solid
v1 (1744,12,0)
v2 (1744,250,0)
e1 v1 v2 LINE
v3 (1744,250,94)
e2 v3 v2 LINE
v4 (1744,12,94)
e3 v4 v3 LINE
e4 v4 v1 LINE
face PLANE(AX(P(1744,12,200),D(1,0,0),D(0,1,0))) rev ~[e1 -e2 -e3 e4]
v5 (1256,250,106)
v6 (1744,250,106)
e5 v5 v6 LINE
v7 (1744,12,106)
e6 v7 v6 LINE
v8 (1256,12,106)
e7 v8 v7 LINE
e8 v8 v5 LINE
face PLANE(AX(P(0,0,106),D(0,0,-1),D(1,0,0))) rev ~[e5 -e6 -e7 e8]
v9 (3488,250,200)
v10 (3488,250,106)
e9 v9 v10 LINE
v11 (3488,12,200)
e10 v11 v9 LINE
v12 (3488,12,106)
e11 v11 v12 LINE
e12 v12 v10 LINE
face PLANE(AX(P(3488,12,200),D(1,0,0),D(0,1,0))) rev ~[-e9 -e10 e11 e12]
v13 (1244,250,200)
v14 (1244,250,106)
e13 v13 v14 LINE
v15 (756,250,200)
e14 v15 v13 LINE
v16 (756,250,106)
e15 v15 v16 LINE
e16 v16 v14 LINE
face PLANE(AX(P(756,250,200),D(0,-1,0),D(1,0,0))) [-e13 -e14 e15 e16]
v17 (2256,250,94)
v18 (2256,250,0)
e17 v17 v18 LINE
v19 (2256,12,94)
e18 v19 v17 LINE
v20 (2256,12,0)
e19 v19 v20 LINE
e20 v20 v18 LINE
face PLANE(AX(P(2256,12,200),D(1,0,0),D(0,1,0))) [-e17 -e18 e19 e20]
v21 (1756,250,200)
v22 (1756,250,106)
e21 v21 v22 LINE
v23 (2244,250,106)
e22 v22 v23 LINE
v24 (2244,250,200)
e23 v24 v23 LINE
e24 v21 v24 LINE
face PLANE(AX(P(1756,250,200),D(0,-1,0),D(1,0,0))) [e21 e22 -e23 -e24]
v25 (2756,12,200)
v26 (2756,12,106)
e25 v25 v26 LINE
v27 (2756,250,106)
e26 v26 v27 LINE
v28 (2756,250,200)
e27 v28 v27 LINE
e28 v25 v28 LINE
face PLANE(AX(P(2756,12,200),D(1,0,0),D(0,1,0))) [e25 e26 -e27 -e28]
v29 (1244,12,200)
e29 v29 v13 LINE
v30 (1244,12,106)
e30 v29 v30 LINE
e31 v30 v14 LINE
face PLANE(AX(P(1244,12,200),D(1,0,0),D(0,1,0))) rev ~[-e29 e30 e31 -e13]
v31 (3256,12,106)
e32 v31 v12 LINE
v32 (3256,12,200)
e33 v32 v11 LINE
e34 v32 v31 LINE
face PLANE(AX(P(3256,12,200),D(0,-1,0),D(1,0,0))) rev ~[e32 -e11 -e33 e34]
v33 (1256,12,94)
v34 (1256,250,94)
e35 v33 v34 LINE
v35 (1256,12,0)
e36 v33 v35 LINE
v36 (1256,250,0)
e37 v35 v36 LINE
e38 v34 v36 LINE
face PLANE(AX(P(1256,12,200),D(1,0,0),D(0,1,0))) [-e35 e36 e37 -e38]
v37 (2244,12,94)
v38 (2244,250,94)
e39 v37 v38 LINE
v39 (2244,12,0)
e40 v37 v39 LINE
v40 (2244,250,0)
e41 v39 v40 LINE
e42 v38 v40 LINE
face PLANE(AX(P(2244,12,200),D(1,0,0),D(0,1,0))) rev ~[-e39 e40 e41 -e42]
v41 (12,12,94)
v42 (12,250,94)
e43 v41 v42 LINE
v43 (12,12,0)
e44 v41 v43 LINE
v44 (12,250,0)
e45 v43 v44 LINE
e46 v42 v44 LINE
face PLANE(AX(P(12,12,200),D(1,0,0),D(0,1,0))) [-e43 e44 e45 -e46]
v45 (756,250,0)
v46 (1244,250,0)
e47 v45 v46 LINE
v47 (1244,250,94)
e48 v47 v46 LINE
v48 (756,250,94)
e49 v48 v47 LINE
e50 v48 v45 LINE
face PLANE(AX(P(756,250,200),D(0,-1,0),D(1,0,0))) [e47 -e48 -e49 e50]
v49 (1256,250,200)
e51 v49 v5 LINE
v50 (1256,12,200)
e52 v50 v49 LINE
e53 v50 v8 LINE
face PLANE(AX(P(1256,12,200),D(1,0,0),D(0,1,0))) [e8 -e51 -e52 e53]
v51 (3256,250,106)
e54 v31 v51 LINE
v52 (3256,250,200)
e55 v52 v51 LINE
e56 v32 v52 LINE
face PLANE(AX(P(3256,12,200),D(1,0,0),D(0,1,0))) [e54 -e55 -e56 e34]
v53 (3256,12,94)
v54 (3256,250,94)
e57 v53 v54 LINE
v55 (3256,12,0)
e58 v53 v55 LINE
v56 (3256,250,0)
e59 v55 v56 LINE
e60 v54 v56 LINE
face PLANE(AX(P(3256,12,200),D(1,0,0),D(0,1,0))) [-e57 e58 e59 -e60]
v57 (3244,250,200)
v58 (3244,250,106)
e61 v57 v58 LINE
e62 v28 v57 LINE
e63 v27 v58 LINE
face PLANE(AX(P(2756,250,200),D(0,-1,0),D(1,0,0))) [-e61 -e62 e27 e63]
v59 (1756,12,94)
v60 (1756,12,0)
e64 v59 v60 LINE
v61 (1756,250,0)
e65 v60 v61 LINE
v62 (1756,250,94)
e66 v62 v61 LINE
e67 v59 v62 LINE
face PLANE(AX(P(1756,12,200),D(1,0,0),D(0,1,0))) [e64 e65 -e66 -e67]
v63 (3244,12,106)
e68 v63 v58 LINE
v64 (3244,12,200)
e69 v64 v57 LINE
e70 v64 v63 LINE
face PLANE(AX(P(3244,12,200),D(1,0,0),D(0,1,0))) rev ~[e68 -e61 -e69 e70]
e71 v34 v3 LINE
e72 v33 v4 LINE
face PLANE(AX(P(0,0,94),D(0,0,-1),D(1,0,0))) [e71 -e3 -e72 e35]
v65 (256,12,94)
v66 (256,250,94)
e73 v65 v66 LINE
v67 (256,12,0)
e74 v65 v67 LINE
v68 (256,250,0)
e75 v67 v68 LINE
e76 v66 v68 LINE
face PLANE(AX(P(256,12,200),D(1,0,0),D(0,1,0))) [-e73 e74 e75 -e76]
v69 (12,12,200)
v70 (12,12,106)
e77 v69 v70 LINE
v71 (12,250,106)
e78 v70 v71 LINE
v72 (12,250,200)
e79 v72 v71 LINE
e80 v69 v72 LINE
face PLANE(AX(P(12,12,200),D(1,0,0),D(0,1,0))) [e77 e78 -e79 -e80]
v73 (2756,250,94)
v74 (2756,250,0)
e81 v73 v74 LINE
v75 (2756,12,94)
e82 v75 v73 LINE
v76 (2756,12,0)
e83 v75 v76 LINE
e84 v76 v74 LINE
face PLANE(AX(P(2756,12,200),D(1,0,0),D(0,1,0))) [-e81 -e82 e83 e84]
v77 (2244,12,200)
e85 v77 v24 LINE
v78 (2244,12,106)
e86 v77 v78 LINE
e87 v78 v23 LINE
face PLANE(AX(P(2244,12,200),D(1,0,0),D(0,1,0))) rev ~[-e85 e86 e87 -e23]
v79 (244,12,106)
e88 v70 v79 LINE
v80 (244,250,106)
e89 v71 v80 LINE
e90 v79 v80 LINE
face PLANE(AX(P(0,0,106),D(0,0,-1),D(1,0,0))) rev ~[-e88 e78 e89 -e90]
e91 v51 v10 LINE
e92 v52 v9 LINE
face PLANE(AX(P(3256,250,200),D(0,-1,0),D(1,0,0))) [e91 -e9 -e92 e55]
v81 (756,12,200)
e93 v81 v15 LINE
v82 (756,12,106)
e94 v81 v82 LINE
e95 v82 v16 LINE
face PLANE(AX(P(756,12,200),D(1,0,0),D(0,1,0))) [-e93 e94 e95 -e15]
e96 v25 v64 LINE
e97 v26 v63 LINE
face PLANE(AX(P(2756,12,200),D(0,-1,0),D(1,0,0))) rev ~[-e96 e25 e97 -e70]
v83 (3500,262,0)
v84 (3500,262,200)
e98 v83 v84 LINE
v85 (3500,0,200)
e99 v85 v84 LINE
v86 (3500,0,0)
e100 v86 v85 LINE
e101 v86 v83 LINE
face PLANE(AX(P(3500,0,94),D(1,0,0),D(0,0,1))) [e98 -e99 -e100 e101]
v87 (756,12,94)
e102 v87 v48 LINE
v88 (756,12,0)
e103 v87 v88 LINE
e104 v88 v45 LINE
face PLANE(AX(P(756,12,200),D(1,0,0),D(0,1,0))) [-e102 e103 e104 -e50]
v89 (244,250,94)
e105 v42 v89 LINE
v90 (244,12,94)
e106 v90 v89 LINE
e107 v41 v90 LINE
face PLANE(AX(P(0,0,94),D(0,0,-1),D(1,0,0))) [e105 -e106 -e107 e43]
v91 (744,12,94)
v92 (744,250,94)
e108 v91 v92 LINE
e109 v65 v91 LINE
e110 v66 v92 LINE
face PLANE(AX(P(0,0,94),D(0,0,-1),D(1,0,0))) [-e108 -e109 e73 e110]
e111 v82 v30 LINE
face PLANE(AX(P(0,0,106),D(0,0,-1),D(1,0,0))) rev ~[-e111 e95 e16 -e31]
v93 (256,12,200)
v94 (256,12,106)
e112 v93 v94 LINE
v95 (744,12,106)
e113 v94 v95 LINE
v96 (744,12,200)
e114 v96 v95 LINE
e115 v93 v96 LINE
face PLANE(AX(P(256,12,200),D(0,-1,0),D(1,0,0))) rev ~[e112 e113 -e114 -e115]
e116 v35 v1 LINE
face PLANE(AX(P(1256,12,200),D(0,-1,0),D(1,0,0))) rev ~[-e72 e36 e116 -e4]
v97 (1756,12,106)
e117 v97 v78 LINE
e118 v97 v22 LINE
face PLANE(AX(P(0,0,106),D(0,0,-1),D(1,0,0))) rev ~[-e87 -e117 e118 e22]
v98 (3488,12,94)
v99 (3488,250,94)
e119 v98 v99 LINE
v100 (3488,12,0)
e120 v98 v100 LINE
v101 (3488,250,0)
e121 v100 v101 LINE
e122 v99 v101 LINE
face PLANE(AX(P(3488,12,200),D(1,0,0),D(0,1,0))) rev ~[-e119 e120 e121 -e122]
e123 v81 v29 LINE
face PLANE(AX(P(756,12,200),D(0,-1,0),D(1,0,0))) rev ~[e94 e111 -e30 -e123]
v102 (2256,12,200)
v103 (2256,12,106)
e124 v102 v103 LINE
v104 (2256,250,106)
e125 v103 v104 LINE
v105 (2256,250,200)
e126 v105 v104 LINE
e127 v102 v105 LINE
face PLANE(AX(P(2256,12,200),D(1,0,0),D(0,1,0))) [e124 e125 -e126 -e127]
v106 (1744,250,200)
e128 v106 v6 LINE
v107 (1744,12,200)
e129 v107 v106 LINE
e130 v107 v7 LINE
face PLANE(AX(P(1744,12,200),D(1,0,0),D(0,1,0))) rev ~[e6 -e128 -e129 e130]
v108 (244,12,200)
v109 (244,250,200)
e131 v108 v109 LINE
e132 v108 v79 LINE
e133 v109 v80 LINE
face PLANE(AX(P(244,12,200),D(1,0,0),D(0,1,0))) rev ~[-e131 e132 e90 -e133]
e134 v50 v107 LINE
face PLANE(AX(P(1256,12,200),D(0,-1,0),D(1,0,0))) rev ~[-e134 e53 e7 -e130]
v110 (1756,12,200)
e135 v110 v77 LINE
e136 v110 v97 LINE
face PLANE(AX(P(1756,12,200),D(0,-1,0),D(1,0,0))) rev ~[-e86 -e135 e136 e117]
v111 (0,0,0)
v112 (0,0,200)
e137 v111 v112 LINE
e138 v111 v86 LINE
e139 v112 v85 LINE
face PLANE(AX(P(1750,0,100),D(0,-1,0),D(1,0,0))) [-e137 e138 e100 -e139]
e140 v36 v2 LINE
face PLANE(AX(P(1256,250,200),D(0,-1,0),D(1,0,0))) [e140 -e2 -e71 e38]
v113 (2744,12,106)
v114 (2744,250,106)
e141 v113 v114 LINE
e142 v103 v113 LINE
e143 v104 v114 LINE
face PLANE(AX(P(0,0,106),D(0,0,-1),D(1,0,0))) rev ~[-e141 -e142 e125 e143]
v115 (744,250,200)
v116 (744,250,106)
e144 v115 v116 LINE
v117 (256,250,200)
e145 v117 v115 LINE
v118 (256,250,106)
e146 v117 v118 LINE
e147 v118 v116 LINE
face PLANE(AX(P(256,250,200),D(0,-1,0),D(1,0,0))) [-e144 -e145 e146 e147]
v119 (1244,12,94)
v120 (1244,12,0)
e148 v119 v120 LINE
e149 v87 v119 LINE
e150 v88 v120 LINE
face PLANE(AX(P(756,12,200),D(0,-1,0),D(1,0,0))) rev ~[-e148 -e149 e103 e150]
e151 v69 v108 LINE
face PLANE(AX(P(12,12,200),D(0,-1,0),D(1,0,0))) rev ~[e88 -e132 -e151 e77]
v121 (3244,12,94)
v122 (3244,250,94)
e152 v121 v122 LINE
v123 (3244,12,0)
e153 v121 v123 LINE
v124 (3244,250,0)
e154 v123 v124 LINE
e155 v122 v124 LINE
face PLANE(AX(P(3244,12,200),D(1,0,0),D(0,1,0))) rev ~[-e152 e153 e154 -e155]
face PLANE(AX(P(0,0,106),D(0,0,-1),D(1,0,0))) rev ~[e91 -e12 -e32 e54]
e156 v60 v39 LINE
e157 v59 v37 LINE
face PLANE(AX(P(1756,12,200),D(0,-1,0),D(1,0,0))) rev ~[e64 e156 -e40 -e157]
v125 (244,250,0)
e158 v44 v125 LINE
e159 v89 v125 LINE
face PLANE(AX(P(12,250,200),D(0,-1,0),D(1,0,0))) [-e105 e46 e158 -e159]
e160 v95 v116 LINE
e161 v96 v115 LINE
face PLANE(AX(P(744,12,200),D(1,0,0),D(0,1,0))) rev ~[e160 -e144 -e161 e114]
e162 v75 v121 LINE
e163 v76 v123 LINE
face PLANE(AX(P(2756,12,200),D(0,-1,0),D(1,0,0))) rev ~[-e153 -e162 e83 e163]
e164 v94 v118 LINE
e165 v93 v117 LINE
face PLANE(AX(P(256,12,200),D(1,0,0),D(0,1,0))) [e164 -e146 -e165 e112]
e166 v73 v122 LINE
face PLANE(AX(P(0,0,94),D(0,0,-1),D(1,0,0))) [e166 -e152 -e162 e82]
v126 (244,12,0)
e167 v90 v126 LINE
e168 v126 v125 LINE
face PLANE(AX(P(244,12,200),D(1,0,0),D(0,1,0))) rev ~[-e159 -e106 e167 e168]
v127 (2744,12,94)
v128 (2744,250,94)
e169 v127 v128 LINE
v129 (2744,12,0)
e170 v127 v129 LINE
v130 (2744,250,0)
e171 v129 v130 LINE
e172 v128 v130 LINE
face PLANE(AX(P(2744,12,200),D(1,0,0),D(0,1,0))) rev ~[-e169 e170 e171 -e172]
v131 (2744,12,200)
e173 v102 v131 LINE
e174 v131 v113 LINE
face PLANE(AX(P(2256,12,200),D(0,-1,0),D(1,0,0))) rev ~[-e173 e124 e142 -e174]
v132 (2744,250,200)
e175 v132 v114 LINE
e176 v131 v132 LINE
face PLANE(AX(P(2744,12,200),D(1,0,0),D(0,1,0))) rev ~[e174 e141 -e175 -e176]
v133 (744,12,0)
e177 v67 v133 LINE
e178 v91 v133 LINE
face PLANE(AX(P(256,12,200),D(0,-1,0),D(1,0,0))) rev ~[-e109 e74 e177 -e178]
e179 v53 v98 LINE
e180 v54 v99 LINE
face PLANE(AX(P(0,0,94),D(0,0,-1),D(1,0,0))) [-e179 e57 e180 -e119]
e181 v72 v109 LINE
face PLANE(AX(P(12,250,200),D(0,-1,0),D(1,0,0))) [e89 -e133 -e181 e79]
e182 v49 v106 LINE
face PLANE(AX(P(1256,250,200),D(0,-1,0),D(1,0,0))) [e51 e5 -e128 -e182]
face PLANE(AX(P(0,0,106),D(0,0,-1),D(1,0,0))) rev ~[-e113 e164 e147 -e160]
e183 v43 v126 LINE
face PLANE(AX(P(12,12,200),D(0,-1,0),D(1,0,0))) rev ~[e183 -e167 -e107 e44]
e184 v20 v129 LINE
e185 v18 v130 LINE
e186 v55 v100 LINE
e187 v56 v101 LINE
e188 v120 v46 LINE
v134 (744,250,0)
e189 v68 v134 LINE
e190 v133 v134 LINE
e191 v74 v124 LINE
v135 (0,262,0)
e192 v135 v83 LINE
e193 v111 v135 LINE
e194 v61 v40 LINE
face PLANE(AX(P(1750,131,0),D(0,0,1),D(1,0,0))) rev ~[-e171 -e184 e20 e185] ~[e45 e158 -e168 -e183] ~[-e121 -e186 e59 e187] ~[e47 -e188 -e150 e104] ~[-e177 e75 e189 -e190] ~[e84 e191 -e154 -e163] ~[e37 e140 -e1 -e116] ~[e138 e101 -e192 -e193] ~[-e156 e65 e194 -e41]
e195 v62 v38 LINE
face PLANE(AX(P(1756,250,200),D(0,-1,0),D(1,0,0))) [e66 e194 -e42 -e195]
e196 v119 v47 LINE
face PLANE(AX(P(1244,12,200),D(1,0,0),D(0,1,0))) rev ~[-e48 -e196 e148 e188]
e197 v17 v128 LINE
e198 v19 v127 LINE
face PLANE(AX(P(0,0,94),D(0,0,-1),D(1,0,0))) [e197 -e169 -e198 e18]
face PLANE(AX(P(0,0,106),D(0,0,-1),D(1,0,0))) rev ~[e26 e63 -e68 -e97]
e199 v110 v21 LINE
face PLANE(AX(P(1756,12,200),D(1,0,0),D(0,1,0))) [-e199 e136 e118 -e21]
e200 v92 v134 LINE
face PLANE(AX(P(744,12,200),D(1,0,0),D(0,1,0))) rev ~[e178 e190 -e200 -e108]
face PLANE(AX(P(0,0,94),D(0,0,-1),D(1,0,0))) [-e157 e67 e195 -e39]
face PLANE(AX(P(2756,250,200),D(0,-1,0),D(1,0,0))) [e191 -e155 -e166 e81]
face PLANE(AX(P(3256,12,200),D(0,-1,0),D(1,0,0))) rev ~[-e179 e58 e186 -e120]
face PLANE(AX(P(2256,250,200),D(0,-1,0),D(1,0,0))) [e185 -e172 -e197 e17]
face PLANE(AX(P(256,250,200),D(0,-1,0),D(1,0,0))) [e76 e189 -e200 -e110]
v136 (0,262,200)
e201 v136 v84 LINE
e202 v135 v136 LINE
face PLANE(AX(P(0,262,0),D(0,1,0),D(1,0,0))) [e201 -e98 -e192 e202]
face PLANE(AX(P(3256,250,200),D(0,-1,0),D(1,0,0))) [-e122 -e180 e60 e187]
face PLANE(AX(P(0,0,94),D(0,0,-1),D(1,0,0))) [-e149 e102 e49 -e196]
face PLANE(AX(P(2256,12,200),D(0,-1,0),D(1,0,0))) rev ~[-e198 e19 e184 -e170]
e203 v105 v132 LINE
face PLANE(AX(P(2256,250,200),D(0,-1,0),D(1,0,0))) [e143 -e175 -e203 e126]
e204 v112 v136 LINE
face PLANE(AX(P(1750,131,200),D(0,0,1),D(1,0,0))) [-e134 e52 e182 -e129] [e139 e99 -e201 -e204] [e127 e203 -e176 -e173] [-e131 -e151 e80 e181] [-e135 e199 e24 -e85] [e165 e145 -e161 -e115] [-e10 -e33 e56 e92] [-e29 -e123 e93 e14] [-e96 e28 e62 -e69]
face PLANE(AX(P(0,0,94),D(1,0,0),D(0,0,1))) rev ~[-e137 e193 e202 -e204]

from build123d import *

# Parameters (mm, degrees)
SKETCH_1_W           = 3500
SKETCH_1_H           = 262
EXTRUDE_1_DEPTH      = 200
SKETCH_5_W           = 232
SKETCH_5_H           = 238
SKETCH_5_W_2         = 488
CUT_EXTRUDE_10_DEPTH = 3516.486310598
SKETCH_7_W           = 3500
SKETCH_7_H           = 12
EXTRUDE_13_DEPTH     = 260


with BuildPart() as part:
    # 草图1 → 拉伸1 (new body)
    with BuildSketch(Plane.XY):
        with Locations((1750, 131)):
            Rectangle(SKETCH_1_W, SKETCH_1_H)
    extrude(amount=EXTRUDE_1_DEPTH)

    # 草图5 → 拉伸10 (cut, through all)
    with BuildSketch(Plane.XY.offset(200)):
        with Locations((128, 131)):
            Rectangle(SKETCH_5_W, SKETCH_5_H)
        with Locations((500, 131)):
            Rectangle(SKETCH_5_W_2, SKETCH_5_H)
        with Locations((1000, 131)):
            Rectangle(SKETCH_5_W_2, SKETCH_5_H)
        with Locations((1500, 131)):
            Rectangle(SKETCH_5_W_2, SKETCH_5_H)
        with Locations((2000, 131)):
            Rectangle(SKETCH_5_W_2, SKETCH_5_H)
        with Locations((2500, 131)):
            Rectangle(SKETCH_5_W_2, SKETCH_5_H)
        with Locations((3000, 131)):
            Rectangle(SKETCH_5_W_2, SKETCH_5_H)
        with Locations((3372, 131)):
            Rectangle(SKETCH_5_W, SKETCH_5_H)
    extrude(amount=-CUT_EXTRUDE_10_DEPTH, mode=Mode.SUBTRACT)

    # 草图7 → 拉伸13 (add)
    with BuildSketch(Plane.XZ):
        with Locations((1750, 100)):
            Rectangle(SKETCH_7_W, SKETCH_7_H)
    extrude(amount=-EXTRUDE_13_DEPTH)


solid = part.part
